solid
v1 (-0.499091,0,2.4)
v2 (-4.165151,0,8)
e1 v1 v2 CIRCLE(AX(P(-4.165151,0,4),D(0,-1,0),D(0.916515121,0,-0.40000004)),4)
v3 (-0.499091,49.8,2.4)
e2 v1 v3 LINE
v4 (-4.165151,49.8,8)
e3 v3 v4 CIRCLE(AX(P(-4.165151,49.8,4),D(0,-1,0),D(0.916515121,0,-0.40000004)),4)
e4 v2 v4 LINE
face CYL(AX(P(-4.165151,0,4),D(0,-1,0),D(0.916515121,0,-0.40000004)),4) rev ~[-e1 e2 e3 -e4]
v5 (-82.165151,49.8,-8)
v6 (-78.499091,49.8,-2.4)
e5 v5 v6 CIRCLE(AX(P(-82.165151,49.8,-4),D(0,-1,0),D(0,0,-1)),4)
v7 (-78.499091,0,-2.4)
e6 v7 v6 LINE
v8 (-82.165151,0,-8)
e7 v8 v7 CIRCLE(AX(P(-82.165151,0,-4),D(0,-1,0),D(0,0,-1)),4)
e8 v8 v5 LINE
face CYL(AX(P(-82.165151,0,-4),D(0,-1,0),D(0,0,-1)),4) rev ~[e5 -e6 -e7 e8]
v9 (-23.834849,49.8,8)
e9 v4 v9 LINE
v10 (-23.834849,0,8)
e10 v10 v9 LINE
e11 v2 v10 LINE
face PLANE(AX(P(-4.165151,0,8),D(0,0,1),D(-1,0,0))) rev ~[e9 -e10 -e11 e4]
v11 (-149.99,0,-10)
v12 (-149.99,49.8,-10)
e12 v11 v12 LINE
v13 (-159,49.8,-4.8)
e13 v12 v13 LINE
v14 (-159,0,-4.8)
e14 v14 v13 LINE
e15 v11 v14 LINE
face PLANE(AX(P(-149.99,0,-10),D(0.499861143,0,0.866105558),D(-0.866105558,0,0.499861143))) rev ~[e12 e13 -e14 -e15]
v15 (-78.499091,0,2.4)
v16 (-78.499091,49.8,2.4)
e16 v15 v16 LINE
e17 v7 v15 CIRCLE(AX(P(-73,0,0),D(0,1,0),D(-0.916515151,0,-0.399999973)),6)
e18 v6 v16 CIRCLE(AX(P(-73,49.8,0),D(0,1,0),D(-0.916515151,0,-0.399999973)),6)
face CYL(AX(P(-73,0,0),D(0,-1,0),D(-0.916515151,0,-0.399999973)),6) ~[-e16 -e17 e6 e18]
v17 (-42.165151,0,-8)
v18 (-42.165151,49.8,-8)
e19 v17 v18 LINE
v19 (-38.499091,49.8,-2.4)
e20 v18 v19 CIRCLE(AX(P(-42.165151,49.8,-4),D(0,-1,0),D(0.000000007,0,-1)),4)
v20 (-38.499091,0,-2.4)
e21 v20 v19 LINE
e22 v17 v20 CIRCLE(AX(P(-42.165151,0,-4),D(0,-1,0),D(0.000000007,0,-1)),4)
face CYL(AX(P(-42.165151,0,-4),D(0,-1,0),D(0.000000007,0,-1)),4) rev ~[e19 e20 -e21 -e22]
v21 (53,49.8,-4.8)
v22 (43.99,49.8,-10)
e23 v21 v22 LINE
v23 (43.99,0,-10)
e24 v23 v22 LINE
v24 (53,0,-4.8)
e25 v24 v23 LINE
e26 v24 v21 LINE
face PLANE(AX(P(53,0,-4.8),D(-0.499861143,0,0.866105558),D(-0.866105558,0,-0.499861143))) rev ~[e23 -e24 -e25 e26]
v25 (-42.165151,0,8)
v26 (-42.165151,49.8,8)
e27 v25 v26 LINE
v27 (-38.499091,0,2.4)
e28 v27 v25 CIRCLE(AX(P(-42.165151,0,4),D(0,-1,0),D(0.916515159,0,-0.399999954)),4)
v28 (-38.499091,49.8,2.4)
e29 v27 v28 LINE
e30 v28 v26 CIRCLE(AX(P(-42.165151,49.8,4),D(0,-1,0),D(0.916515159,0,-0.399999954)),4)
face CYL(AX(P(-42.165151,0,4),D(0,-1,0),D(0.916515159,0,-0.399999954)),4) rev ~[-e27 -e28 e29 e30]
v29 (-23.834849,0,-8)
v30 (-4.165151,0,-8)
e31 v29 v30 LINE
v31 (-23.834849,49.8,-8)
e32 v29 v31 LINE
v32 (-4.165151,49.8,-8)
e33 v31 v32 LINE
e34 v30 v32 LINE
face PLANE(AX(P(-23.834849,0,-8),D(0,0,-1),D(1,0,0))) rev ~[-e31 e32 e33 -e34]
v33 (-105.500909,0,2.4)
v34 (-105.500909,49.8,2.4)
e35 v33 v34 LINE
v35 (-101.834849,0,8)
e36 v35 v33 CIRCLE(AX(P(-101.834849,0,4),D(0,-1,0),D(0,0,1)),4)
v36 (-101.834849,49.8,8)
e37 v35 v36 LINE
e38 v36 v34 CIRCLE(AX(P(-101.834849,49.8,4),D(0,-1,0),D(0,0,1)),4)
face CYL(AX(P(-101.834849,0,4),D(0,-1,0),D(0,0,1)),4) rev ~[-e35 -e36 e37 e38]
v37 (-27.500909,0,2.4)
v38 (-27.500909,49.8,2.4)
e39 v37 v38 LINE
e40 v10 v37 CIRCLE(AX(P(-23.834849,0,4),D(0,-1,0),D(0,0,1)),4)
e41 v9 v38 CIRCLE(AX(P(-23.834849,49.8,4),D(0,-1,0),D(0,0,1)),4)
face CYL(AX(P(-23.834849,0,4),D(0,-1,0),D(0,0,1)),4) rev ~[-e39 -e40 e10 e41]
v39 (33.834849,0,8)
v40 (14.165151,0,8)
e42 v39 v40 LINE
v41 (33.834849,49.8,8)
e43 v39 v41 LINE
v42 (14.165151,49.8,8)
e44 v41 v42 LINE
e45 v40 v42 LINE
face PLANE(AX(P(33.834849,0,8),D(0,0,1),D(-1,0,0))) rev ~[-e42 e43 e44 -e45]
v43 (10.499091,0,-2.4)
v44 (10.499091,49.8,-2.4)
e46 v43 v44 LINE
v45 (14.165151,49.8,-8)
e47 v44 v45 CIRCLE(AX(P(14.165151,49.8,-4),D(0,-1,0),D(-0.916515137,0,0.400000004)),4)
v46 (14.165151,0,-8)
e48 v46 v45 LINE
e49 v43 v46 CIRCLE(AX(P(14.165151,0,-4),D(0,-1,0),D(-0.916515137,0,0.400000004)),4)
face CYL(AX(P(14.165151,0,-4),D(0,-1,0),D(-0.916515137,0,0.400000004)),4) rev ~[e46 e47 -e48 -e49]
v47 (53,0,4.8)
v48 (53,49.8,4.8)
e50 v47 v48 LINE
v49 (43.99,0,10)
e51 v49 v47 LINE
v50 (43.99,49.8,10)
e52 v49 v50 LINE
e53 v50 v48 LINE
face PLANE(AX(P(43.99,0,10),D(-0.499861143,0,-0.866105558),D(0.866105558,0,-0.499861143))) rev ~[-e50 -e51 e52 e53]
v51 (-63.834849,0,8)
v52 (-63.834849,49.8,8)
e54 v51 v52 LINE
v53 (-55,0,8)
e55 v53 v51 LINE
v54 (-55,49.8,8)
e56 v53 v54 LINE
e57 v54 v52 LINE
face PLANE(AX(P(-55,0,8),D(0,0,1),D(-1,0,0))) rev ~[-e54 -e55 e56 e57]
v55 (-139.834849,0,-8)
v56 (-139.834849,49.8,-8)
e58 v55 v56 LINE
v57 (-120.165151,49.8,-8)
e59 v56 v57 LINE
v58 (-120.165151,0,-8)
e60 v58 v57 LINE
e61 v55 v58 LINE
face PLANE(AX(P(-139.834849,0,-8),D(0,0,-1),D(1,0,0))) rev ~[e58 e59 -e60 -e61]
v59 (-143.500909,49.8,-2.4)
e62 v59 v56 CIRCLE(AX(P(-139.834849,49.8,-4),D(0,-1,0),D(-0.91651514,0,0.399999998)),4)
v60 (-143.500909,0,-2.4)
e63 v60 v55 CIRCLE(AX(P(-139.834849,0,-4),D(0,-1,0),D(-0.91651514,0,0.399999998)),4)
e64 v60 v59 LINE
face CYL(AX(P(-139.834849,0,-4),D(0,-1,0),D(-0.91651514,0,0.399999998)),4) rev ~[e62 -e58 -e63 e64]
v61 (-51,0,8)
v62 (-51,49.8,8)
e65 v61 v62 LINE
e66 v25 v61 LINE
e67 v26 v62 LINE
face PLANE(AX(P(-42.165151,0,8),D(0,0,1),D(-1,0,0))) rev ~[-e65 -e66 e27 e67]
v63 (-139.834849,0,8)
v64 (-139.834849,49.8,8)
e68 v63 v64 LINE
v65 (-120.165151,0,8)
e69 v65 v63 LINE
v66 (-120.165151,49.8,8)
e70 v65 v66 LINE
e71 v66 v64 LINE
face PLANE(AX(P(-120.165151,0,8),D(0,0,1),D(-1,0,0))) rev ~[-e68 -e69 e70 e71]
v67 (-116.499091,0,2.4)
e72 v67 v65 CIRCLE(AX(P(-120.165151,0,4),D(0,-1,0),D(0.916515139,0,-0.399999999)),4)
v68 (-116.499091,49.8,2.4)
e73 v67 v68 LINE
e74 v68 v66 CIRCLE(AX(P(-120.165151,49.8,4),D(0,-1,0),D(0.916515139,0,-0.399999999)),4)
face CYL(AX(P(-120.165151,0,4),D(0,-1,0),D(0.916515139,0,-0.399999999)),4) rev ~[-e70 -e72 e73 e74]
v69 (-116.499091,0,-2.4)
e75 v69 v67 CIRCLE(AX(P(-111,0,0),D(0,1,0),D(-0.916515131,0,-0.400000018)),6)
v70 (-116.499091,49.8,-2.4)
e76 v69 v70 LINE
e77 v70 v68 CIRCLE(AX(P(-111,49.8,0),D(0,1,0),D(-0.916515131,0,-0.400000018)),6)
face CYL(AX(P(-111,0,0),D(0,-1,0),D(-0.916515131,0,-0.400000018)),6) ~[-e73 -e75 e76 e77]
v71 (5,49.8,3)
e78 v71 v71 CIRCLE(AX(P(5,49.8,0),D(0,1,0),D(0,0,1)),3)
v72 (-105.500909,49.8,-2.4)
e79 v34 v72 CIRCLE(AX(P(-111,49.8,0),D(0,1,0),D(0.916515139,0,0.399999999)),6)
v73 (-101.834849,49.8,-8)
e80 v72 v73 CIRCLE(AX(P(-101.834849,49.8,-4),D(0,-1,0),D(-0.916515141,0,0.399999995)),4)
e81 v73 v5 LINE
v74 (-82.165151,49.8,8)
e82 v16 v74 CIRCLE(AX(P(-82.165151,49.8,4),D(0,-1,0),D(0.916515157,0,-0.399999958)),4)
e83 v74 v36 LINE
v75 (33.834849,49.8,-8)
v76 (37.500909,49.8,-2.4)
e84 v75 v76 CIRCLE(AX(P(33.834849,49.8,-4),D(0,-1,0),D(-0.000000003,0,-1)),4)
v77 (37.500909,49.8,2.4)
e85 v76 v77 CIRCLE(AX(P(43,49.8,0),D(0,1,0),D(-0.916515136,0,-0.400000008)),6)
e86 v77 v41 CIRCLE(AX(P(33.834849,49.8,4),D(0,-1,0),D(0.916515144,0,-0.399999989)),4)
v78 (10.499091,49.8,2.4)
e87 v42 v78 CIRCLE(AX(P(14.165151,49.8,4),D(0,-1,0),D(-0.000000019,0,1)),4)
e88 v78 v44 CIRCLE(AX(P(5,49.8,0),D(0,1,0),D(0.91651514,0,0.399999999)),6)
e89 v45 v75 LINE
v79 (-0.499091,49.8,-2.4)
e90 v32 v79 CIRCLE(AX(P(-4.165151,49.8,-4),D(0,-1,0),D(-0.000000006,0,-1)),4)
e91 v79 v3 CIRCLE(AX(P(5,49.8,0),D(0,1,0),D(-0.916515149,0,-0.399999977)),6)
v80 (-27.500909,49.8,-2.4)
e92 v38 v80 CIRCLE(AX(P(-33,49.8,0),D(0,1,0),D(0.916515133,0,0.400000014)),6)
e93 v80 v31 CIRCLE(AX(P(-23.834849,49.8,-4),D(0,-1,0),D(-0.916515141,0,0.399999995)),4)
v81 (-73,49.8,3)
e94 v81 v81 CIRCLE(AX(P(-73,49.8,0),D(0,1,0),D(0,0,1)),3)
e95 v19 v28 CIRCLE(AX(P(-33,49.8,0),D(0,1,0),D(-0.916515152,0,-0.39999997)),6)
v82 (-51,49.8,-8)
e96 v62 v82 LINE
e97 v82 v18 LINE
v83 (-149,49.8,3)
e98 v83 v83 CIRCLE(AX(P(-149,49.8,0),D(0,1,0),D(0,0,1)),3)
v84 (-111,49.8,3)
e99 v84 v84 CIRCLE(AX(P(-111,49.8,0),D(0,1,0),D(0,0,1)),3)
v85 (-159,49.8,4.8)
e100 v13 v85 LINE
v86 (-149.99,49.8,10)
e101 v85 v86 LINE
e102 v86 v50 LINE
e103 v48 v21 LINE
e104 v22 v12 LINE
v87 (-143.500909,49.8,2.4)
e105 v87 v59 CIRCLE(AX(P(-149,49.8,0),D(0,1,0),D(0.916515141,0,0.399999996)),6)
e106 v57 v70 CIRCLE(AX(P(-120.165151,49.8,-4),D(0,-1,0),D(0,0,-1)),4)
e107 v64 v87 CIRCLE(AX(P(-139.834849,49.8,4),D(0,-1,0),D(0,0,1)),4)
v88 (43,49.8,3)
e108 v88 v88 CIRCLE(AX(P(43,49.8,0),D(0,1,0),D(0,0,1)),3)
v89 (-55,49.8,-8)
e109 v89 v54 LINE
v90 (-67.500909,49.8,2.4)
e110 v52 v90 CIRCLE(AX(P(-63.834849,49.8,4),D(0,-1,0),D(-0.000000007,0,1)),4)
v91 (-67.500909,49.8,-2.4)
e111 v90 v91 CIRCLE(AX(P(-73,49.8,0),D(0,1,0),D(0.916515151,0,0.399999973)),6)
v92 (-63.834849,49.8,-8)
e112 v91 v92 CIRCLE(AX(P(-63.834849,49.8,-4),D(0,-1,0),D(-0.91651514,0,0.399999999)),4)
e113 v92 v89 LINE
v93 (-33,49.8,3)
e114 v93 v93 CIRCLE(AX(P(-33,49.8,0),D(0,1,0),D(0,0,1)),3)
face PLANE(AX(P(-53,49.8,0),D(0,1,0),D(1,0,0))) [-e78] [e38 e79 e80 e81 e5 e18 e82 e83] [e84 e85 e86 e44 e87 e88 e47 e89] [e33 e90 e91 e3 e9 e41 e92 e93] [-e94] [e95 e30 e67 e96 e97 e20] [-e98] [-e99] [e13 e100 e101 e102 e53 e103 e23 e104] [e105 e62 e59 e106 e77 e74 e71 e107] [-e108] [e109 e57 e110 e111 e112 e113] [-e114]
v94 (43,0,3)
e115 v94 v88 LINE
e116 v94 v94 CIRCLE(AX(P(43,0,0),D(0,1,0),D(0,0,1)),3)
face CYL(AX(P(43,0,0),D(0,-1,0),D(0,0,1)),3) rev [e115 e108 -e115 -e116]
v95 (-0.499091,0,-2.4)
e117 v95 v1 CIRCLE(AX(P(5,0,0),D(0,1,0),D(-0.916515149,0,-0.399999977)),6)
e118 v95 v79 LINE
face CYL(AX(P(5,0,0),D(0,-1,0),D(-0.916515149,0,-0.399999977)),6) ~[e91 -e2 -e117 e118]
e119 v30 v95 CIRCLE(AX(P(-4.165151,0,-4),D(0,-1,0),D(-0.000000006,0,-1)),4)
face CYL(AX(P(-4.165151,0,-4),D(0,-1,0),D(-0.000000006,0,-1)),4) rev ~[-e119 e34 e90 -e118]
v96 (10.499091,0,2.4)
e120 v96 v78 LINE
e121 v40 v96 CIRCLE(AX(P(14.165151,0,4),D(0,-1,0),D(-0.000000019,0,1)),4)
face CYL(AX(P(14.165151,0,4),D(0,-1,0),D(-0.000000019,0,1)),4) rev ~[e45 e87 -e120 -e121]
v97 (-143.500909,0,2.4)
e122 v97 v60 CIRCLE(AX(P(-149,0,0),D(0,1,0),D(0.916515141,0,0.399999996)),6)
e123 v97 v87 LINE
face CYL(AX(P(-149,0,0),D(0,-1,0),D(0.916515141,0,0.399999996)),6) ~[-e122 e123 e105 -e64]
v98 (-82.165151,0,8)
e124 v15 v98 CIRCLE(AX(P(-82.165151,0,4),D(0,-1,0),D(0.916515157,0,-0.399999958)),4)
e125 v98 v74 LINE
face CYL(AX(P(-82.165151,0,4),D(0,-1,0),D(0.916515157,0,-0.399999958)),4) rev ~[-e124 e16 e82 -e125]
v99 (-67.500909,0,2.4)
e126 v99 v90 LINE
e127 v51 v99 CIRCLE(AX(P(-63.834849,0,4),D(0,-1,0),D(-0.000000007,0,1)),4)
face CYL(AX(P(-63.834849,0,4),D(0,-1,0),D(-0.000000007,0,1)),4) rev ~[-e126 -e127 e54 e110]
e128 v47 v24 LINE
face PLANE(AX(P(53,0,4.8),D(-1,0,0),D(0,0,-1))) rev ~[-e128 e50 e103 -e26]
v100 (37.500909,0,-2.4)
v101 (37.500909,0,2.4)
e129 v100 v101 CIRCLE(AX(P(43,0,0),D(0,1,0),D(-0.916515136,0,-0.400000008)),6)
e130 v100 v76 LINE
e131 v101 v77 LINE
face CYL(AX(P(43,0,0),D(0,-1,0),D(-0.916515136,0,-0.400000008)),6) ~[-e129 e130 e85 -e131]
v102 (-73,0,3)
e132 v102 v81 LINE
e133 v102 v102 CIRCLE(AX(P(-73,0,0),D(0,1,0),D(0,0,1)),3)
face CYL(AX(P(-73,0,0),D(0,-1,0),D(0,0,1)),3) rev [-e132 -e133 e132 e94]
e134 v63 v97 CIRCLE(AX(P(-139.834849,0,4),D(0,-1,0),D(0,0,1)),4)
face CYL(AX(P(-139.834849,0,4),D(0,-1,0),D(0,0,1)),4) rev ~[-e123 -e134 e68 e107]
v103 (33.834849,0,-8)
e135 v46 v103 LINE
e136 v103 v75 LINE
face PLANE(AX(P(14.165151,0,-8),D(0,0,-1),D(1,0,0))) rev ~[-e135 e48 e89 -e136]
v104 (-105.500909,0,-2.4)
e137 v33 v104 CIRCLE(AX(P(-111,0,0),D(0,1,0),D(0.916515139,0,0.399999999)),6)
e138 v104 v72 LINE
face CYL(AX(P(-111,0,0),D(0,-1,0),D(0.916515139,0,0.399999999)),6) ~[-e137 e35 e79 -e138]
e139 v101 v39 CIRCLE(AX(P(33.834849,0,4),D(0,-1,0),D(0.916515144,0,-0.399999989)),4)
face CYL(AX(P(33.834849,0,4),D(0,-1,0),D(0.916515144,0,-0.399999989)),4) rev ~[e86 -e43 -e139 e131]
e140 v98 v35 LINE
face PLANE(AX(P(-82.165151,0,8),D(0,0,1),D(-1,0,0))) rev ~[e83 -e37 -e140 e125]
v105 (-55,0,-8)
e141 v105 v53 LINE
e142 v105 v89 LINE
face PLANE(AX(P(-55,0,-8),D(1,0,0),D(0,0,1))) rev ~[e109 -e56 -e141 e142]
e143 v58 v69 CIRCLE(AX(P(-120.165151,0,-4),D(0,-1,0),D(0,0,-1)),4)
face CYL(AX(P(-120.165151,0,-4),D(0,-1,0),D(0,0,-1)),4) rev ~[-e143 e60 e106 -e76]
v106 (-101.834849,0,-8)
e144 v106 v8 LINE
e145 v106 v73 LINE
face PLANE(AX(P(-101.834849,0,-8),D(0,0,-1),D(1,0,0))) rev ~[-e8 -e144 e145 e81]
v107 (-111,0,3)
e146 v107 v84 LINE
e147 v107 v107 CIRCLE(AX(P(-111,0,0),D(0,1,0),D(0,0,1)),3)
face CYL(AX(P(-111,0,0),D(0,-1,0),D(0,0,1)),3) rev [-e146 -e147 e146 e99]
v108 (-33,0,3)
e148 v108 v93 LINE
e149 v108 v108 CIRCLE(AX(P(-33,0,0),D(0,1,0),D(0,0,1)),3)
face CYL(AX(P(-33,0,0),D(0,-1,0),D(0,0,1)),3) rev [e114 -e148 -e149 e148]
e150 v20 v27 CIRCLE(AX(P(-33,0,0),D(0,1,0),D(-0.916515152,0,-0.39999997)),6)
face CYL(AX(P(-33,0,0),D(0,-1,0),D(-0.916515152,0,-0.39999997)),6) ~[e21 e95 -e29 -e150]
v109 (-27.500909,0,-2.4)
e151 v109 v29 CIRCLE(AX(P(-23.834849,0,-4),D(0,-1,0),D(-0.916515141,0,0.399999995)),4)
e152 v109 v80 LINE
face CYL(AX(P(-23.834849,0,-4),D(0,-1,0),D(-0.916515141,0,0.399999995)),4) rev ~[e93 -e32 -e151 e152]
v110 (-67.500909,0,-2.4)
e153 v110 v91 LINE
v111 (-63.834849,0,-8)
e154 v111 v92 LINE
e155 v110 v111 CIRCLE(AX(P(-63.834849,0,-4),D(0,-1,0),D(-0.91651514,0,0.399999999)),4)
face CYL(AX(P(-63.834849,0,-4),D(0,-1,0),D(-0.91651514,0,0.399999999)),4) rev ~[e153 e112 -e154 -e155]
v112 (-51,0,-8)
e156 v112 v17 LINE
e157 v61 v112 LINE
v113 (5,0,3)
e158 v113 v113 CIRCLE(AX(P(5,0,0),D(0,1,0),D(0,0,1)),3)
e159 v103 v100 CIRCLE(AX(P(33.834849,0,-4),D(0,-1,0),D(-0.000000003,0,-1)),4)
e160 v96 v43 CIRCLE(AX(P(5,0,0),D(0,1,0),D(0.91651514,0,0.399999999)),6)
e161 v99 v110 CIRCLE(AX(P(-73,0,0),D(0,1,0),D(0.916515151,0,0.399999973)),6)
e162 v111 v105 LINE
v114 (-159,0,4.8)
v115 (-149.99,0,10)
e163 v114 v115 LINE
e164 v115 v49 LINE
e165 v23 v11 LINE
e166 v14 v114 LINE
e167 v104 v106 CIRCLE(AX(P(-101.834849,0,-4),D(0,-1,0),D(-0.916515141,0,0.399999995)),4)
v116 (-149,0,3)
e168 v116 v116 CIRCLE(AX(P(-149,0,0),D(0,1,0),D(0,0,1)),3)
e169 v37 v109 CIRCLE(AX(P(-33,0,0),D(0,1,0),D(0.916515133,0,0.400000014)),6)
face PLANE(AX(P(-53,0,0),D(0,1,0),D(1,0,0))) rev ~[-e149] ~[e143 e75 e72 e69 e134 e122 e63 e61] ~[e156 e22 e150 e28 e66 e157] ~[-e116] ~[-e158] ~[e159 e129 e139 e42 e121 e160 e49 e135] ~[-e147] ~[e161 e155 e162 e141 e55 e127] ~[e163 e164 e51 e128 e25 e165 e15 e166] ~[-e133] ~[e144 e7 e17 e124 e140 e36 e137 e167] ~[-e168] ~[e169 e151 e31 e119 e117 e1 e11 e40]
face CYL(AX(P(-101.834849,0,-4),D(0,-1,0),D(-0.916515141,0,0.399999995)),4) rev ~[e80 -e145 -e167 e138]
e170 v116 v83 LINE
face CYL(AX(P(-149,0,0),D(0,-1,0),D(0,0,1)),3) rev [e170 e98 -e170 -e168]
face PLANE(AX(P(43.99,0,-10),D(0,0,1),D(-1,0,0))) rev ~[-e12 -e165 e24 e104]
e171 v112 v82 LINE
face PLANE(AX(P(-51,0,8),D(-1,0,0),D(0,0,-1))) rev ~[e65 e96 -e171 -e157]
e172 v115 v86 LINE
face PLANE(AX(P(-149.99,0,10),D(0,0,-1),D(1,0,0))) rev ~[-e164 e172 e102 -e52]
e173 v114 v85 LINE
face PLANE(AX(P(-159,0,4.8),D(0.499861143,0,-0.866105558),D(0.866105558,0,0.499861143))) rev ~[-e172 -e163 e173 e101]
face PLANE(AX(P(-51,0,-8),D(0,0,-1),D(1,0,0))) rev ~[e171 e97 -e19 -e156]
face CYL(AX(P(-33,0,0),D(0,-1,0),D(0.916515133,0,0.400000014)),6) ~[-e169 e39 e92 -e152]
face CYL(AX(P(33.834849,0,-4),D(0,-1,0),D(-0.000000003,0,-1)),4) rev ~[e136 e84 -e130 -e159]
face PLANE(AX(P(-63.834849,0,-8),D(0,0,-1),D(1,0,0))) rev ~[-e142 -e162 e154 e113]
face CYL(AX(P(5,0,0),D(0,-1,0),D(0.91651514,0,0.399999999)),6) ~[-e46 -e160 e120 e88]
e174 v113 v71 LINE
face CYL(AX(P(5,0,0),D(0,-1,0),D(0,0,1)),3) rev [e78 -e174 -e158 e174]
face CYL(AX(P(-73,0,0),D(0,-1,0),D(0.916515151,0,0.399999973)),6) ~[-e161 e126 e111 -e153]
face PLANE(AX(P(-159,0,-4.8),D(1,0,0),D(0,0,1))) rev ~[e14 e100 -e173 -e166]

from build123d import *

# Parameters (mm, degrees)
SKETCH1_R           = 3
BOSS_EXTRUDE1_DEPTH = 49.8


with BuildPart() as part:
    # Sketch1 → Boss-Extrude1 (new body)
    with BuildSketch(Plane(origin=(0, 0, 0), x_dir=(1, 0, 0), z_dir=(0, 1, 0))):
        Polygon((-149.99, -10), (43.99, -10), (53, -4.8), (53, 4.8), (43.99, 10), (-149.99, 10), (-159, 4.8), (-159, -4.8), align=None)
        with BuildLine():
            ThreePointArc((33.8348486, 8), (37.1814887, 6.190890255), (37.500909186, 2.400000045))
            ThreePointArc((37.500909186, 2.400000045), (37, 1e-09), (37.500909185, -2.400000042))
            ThreePointArc((37.500909185, -2.400000042), (37.181488707, -6.190890243), (33.834848625, -8))
            Line((33.834848625, -8), (14.165151315, -8))
            ThreePointArc((14.165151315, -8), (10.818511261, -6.190890195), (10.499090838, -2.399999991))
            ThreePointArc((10.499090838, -2.399999991), (11, -3e-09), (10.49909084, 2.399999985))
            ThreePointArc((10.49909084, 2.399999985), (10.81851128, 6.190890224), (14.165151391, 8))
            Line((14.165151391, 8), (33.8348486, 8))
        make_face(mode=Mode.SUBTRACT)
        with BuildLine():
            ThreePointArc((-0.499090895, 2.39999986), (-1, 1.1e-08), (-0.499090904, -2.399999839))
            ThreePointArc((-0.499090904, -2.399999839), (-0.818511236, -6.190890157), (-4.16515139, -8))
            Line((-4.16515139, -8), (-23.83484861, -8))
            ThreePointArc((-23.83484861, -8), (-27.181488692, -6.190890267), (-27.500909202, -2.400000081))
            ThreePointArc((-27.500909202, -2.400000081), (-27, -3.4e-08), (-27.500909174, 2.400000019))
            ThreePointArc((-27.500909174, 2.400000019), (-27.181488711, 6.190890238), (-23.83484861, 8))
            Line((-23.83484861, 8), (-4.165151415, 8))
            ThreePointArc((-4.165151415, 8), (-0.818511249, 6.190890177), (-0.499090895, 2.39999986))
        make_face(mode=Mode.SUBTRACT)
        with BuildLine():
            ThreePointArc((-38.499090754, -2.400000183), (-38.818511346, -6.190890325), (-42.165151417, -8))
            Line((-42.165151417, -8), (-51, -8))
            Line((-51, -8), (-51, 8))
            Line((-51, 8), (-42.165151363, 8))
            ThreePointArc((-42.165151363, 8), (-38.818511221, 6.190890134), (-38.499090914, 2.399999815))
            ThreePointArc((-38.499090914, 2.399999815), (-39, -2e-07), (-38.499090754, -2.400000183))
        make_face(mode=Mode.SUBTRACT)
        with BuildLine():
            Line((-55, 8), (-55, -8))
            Line((-55, -8), (-63.834848637, -8))
            ThreePointArc((-63.834848637, -8), (-67.181488771, -6.190890146), (-67.500909096, -2.39999984))
            ThreePointArc((-67.500909096, -2.39999984), (-67, 9e-08), (-67.500909168, 2.400000005))
            ThreePointArc((-67.500909168, 2.400000005), (-67.181488707, 6.190890244), (-63.834848583, 8))
            Line((-63.834848583, 8), (-55, 8))
        make_face(mode=Mode.SUBTRACT)
        with BuildLine():
            ThreePointArc((-78.499090904, 2.39999984), (-79, -1.79e-07), (-78.49909076, -2.400000169))
            ThreePointArc((-78.49909076, -2.400000169), (-78.818511334, -6.190890307), (-82.16515139, -8))
            Line((-82.16515139, -8), (-101.83484861, -8))
            ThreePointArc((-101.83484861, -8), (-105.181488717, -6.190890228), (-105.500909164, -2.399999996))
            ThreePointArc((-105.500909164, -2.399999996), (-105, 1.3e-08), (-105.500909175, 2.40000002))
            ThreePointArc((-105.500909175, 2.40000002), (-105.18148871, 6.190890239), (-101.83484861, 8))
            Line((-101.83484861, 8), (-82.16515139, 8))
            ThreePointArc((-82.16515139, 8), (-78.818511236, 6.190890157), (-78.499090904, 2.39999984))
        make_face(mode=Mode.SUBTRACT)
        with BuildLine():
            ThreePointArc((-116.499090787, 2.400000107), (-117, 5.5e-08), (-116.499090832, -2.400000005))
            ThreePointArc((-116.499090832, -2.400000005), (-116.818511285, -6.190890232), (-120.16515139, -8))
            Line((-120.16515139, -8), (-139.83484861, -8))
            ThreePointArc((-139.83484861, -8), (-143.181488722, -6.190890221), (-143.500909157, -2.39999998))
            ThreePointArc((-143.500909157, -2.39999998), (-143, 1.5e-08), (-143.500909169, 2.400000007))
            ThreePointArc((-143.500909169, 2.400000007), (-143.181488714, 6.190890233), (-139.83484861, 8))
            Line((-139.83484861, 8), (-120.16515139, 8))
            ThreePointArc((-120.16515139, 8), (-116.818511316, 6.190890279), (-116.499090787, 2.400000107))
        make_face(mode=Mode.SUBTRACT)
        with Locations(Location((-149, 0, 0), (0, 0, 270))):
            Circle(SKETCH1_R, mode=Mode.SUBTRACT)
        with Locations(Location((-73, 0, 0), (0, 0, 270))):
            Circle(SKETCH1_R, mode=Mode.SUBTRACT)
        with Locations(Location((-111, 0, 0), (0, 0, 270))):
            Circle(SKETCH1_R, mode=Mode.SUBTRACT)
        with Locations(Location((-33, 0, 0), (0, 0, 270))):
            Circle(SKETCH1_R, mode=Mode.SUBTRACT)
        with Locations(Location((5, 0, 0), (0, 0, 270))):
            Circle(SKETCH1_R, mode=Mode.SUBTRACT)
        with Locations(Location((43, 0, 0), (0, 0, 270))):
            Circle(SKETCH1_R, mode=Mode.SUBTRACT)
    extrude(amount=BOSS_EXTRUDE1_DEPTH)


solid = part.part
